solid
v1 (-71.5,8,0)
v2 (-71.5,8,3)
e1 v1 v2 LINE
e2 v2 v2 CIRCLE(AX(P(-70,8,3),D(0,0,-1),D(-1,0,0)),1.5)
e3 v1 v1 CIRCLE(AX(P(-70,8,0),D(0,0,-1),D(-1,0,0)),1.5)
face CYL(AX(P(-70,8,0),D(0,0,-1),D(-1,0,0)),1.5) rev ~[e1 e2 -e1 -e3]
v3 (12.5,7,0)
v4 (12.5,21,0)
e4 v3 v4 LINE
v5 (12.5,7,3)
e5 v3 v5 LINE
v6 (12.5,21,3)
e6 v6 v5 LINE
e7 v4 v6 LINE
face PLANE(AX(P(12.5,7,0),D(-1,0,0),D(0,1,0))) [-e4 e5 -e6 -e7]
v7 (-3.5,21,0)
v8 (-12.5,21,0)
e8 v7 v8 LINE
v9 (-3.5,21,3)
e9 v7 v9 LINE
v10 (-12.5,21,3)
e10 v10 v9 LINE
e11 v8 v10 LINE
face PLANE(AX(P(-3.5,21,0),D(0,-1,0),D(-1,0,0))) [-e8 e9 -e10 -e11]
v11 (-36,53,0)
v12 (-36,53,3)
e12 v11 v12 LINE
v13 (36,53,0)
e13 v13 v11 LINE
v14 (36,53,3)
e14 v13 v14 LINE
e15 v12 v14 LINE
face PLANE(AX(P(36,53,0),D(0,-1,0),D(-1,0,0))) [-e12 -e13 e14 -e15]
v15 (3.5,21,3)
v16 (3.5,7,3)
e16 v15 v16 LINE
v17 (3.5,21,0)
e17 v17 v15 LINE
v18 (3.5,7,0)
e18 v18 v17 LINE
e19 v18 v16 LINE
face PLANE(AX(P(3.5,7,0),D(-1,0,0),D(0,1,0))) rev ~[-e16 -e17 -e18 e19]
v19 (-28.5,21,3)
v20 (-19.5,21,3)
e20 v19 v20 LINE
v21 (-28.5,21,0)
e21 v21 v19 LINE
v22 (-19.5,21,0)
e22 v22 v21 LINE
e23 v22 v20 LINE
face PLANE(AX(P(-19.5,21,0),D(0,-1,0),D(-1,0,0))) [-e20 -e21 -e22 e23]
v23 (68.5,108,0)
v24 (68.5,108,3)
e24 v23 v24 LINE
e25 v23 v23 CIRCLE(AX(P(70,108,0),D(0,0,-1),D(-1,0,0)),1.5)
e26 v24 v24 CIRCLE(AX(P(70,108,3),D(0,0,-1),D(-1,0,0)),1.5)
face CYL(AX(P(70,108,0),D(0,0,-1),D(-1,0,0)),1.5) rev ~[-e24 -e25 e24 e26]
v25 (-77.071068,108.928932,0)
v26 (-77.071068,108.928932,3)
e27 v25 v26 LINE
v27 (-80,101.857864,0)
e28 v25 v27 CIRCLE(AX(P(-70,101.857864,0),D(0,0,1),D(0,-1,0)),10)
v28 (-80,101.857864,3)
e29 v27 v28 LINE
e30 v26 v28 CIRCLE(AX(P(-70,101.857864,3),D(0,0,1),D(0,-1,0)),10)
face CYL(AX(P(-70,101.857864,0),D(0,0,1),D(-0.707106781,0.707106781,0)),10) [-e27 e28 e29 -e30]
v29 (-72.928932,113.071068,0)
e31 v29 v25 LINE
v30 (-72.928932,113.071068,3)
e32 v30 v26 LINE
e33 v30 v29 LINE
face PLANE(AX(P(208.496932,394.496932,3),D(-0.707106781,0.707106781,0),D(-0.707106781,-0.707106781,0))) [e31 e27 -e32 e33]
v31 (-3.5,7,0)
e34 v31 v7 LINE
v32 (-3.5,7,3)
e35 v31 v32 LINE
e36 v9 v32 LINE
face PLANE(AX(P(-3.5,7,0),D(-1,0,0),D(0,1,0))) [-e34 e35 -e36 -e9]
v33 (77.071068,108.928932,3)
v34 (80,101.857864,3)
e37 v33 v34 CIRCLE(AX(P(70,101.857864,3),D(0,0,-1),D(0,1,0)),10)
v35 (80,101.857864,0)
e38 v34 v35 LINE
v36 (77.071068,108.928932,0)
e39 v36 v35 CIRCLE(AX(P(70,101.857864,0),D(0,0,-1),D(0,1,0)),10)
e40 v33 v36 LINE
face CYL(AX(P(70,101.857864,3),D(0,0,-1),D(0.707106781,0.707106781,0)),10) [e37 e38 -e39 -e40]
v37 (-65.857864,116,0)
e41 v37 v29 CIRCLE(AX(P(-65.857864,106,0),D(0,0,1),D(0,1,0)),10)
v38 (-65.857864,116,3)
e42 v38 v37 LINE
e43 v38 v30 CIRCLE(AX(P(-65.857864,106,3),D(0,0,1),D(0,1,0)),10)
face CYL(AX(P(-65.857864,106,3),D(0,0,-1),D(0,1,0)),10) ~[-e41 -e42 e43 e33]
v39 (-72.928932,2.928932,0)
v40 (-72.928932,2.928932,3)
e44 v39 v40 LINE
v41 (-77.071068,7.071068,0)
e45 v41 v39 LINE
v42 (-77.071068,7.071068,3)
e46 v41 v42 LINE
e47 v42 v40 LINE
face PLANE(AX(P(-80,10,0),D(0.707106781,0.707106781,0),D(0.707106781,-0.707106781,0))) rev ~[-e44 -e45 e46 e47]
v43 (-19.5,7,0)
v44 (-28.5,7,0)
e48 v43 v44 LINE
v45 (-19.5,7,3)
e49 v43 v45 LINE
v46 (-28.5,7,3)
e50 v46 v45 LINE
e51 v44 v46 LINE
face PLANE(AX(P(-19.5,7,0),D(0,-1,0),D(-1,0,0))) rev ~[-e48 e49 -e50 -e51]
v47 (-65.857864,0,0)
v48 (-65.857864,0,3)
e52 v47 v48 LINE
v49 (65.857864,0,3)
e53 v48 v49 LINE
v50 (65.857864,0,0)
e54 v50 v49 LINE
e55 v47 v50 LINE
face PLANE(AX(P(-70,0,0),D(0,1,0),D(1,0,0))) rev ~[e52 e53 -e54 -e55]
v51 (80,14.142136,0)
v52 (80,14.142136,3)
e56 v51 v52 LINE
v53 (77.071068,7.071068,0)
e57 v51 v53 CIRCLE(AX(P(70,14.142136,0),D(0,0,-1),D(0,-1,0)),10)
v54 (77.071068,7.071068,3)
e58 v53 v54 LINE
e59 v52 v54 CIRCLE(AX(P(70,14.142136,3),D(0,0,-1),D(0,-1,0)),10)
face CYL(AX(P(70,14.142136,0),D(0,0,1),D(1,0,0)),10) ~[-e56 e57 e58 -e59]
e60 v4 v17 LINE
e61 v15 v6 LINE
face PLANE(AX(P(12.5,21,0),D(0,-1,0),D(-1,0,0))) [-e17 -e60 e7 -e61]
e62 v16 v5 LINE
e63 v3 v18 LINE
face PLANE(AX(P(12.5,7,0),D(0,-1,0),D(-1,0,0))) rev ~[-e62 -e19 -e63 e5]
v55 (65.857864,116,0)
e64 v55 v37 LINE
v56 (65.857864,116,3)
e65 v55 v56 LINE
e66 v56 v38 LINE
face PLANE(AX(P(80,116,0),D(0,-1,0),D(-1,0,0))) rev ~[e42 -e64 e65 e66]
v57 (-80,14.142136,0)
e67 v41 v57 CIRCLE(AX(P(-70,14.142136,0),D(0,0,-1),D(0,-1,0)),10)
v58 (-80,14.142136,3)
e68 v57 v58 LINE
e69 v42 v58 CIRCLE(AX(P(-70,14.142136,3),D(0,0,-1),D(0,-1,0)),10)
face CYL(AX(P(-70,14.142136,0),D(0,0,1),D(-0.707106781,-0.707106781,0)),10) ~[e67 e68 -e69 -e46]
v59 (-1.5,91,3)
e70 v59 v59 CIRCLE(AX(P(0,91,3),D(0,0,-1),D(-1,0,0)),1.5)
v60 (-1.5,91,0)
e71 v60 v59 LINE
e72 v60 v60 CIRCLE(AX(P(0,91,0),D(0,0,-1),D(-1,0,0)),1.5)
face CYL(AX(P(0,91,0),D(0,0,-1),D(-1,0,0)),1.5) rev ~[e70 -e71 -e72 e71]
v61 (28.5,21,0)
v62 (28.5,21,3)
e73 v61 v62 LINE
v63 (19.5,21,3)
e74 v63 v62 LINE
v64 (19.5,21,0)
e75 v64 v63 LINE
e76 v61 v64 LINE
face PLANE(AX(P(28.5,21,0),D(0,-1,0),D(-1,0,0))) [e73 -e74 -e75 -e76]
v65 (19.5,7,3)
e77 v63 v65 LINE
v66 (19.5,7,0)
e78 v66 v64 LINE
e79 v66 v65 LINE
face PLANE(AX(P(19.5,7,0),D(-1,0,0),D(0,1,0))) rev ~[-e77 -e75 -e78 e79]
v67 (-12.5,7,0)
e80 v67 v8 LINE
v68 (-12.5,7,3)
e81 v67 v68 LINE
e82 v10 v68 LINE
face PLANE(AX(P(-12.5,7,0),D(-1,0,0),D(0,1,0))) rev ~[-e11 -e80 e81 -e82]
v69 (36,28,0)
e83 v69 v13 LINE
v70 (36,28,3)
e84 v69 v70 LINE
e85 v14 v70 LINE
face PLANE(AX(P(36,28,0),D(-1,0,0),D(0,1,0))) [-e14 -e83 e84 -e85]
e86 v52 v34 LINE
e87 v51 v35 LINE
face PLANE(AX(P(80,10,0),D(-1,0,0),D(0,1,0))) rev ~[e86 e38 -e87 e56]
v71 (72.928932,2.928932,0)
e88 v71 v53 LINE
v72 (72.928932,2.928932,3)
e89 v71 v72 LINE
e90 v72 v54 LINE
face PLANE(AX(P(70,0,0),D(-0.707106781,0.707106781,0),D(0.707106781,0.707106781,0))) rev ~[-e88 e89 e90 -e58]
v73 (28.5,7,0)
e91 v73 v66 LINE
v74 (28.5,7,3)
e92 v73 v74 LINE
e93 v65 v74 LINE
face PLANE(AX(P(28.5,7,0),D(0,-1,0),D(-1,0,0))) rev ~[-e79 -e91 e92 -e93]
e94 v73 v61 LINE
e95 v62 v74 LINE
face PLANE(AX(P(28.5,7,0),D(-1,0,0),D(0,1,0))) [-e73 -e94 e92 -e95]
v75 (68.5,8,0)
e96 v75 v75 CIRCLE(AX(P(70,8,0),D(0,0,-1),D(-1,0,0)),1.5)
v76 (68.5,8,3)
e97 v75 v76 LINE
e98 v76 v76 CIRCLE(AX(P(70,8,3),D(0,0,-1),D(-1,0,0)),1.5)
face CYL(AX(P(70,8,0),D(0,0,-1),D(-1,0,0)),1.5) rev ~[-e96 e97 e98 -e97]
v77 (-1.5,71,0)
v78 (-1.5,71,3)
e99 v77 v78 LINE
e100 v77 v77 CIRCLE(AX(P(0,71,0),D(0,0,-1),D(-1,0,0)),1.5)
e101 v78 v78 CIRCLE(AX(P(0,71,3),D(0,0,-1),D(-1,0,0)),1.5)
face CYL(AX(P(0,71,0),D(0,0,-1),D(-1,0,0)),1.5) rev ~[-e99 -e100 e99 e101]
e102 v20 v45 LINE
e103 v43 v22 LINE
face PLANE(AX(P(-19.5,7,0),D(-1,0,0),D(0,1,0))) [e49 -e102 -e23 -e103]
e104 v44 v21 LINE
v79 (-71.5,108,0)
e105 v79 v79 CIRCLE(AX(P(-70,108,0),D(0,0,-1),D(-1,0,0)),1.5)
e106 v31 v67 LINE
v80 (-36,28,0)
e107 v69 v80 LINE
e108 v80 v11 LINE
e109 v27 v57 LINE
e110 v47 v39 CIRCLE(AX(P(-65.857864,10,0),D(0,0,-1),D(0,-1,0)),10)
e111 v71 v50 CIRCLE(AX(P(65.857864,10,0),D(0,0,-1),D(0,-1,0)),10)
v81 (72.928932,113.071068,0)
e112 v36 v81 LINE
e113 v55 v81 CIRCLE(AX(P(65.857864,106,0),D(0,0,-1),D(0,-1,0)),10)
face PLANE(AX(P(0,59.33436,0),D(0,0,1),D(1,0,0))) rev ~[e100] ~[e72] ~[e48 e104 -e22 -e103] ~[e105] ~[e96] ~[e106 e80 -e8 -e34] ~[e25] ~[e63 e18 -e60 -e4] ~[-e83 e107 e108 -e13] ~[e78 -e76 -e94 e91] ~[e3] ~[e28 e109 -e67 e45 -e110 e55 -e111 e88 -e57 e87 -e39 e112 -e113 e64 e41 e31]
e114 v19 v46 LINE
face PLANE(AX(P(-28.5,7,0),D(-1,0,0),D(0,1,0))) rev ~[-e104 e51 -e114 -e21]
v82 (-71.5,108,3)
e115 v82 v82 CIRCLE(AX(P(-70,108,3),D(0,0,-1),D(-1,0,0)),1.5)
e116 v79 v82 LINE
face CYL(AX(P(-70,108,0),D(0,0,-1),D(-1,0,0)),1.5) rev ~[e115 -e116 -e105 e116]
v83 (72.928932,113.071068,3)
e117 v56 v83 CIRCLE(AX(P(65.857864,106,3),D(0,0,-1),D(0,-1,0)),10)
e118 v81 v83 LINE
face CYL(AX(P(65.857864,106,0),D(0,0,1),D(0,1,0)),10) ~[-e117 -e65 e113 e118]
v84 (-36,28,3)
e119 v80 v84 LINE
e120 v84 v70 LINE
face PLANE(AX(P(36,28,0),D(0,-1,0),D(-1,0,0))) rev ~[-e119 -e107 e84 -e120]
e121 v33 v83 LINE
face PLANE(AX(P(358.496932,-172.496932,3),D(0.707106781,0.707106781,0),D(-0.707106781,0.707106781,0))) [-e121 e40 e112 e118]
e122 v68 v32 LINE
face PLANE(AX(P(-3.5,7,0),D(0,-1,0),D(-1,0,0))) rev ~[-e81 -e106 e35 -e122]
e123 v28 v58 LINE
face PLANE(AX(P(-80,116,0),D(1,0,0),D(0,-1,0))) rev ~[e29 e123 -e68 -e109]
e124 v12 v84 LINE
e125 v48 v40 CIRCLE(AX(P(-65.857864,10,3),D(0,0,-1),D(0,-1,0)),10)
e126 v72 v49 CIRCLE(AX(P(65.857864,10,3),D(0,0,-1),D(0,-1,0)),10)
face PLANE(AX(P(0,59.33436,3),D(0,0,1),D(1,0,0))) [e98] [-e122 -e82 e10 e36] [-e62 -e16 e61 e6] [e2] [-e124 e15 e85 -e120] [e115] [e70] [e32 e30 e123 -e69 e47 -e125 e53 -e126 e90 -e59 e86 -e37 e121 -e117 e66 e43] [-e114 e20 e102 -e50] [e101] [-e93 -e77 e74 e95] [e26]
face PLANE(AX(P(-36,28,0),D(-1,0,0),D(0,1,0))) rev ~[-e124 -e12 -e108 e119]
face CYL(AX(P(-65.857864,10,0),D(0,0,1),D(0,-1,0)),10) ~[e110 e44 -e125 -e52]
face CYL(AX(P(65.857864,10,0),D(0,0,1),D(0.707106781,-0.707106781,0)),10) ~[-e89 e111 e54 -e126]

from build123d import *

# Parameters (mm, degrees)
BOSS_EXTRUDE1_DEPTH     = 3
CUT_EXTRUDE1_DEPTH      = 141.943250991
CUT_EXTRUDE1_DEPTH_BACK = 3
CUT_EXTRUDE2_DEPTH      = 141.943250991
CUT_EXTRUDE2_DEPTH_BACK = 3
SKETCH5_R               = 1.5
SKETCH5_W               = 72
SKETCH5_H               = 25
SKETCH5_W_2             = 9
SKETCH5_H_2             = 14
CUT_EXTRUDE3_DEPTH      = 141.943250991
FILLET1_R               = 10


with BuildPart() as part:
    # Sketch1 → Boss-Extrude1 (new body)
    with BuildSketch(Plane.XY):
        Polygon((80, 116), (-80, 116), (-80, 10), (-70, 0), (70, 0), (80, 10), align=None)
    extrude(amount=BOSS_EXTRUDE1_DEPTH)

    # Sketch3 → Cut-Extrude1 (cut, two sides: drawn at the far end of the back side and taken through both)
    with BuildSketch(Plane(origin=(0, 0, 0), x_dir=(-1, 0, 0), z_dir=(0, 0, -1)).offset(-CUT_EXTRUDE1_DEPTH_BACK)):
        Polygon((-358.49693246, -172.49693246), (-80, 106), (-70, 116), (208.49693246, 394.49693246), (-348.49693246, 951.49079738), (-915.49079738, 384.49693246), align=None)
    extrude(amount=CUT_EXTRUDE1_DEPTH + CUT_EXTRUDE1_DEPTH_BACK, mode=Mode.SUBTRACT)

    # Sketch4 → Cut-Extrude2 (cut, two sides: drawn at the far end of the back side and taken through both)
    with BuildSketch(Plane(origin=(0, 0, 0), x_dir=(-1, 0, 0), z_dir=(0, 0, -1)).offset(-CUT_EXTRUDE2_DEPTH_BACK)):
        Polygon((-208.49693246, 394.49693246), (70, 116), (80, 106), (358.49693246, -172.49693246), (915.49079738, 384.49693246), (348.49693246, 951.49079738), align=None)
    extrude(amount=CUT_EXTRUDE2_DEPTH + CUT_EXTRUDE2_DEPTH_BACK, mode=Mode.SUBTRACT)

    # Sketch5 → Cut-Extrude3 (cut, through all)
    with BuildSketch(Plane(origin=(0, 0, 0), x_dir=(-1, 0, 0), z_dir=(0, 0, -1))):
        with Locations((0, 91)):
            Circle(SKETCH5_R)
        with Locations((0, 71)):
            Circle(SKETCH5_R)
        with Locations((-70, 8)):
            Circle(SKETCH5_R)
        with Locations((70, 8)):
            Circle(SKETCH5_R)
        with Locations((70, 108)):
            Circle(SKETCH5_R)
        with Locations((-70, 108)):
            Circle(SKETCH5_R)
        with Locations((0, 40.5)):
            Rectangle(SKETCH5_W, SKETCH5_H)
        with Locations((-24, 14)):
            Rectangle(SKETCH5_W_2, SKETCH5_H_2)
        with Locations((-8, 14)):
            Rectangle(SKETCH5_W_2, SKETCH5_H_2)
        with Locations((8, 14)):
            Rectangle(SKETCH5_W_2, SKETCH5_H_2)
        with Locations((24, 14)):
            Rectangle(SKETCH5_W_2, SKETCH5_H_2)
    extrude(amount=-CUT_EXTRUDE3_DEPTH, mode=Mode.SUBTRACT)

    # Fillet1
    fillet1_edges = [part.edges().sort_by_distance(p)[0] for p in [
        (-80, 10, 1.5),
        (80, 10, 1.5),
        (70, 0, 1.5),
        (-70, 0, 1.5),
        (80, 106, 1.5),
        (70, 116, 1.5),
        (-70, 116, 1.5),
        (-80, 106, 1.5),
    ]]
    fillet(fillet1_edges, radius=FILLET1_R)


solid = part.part
